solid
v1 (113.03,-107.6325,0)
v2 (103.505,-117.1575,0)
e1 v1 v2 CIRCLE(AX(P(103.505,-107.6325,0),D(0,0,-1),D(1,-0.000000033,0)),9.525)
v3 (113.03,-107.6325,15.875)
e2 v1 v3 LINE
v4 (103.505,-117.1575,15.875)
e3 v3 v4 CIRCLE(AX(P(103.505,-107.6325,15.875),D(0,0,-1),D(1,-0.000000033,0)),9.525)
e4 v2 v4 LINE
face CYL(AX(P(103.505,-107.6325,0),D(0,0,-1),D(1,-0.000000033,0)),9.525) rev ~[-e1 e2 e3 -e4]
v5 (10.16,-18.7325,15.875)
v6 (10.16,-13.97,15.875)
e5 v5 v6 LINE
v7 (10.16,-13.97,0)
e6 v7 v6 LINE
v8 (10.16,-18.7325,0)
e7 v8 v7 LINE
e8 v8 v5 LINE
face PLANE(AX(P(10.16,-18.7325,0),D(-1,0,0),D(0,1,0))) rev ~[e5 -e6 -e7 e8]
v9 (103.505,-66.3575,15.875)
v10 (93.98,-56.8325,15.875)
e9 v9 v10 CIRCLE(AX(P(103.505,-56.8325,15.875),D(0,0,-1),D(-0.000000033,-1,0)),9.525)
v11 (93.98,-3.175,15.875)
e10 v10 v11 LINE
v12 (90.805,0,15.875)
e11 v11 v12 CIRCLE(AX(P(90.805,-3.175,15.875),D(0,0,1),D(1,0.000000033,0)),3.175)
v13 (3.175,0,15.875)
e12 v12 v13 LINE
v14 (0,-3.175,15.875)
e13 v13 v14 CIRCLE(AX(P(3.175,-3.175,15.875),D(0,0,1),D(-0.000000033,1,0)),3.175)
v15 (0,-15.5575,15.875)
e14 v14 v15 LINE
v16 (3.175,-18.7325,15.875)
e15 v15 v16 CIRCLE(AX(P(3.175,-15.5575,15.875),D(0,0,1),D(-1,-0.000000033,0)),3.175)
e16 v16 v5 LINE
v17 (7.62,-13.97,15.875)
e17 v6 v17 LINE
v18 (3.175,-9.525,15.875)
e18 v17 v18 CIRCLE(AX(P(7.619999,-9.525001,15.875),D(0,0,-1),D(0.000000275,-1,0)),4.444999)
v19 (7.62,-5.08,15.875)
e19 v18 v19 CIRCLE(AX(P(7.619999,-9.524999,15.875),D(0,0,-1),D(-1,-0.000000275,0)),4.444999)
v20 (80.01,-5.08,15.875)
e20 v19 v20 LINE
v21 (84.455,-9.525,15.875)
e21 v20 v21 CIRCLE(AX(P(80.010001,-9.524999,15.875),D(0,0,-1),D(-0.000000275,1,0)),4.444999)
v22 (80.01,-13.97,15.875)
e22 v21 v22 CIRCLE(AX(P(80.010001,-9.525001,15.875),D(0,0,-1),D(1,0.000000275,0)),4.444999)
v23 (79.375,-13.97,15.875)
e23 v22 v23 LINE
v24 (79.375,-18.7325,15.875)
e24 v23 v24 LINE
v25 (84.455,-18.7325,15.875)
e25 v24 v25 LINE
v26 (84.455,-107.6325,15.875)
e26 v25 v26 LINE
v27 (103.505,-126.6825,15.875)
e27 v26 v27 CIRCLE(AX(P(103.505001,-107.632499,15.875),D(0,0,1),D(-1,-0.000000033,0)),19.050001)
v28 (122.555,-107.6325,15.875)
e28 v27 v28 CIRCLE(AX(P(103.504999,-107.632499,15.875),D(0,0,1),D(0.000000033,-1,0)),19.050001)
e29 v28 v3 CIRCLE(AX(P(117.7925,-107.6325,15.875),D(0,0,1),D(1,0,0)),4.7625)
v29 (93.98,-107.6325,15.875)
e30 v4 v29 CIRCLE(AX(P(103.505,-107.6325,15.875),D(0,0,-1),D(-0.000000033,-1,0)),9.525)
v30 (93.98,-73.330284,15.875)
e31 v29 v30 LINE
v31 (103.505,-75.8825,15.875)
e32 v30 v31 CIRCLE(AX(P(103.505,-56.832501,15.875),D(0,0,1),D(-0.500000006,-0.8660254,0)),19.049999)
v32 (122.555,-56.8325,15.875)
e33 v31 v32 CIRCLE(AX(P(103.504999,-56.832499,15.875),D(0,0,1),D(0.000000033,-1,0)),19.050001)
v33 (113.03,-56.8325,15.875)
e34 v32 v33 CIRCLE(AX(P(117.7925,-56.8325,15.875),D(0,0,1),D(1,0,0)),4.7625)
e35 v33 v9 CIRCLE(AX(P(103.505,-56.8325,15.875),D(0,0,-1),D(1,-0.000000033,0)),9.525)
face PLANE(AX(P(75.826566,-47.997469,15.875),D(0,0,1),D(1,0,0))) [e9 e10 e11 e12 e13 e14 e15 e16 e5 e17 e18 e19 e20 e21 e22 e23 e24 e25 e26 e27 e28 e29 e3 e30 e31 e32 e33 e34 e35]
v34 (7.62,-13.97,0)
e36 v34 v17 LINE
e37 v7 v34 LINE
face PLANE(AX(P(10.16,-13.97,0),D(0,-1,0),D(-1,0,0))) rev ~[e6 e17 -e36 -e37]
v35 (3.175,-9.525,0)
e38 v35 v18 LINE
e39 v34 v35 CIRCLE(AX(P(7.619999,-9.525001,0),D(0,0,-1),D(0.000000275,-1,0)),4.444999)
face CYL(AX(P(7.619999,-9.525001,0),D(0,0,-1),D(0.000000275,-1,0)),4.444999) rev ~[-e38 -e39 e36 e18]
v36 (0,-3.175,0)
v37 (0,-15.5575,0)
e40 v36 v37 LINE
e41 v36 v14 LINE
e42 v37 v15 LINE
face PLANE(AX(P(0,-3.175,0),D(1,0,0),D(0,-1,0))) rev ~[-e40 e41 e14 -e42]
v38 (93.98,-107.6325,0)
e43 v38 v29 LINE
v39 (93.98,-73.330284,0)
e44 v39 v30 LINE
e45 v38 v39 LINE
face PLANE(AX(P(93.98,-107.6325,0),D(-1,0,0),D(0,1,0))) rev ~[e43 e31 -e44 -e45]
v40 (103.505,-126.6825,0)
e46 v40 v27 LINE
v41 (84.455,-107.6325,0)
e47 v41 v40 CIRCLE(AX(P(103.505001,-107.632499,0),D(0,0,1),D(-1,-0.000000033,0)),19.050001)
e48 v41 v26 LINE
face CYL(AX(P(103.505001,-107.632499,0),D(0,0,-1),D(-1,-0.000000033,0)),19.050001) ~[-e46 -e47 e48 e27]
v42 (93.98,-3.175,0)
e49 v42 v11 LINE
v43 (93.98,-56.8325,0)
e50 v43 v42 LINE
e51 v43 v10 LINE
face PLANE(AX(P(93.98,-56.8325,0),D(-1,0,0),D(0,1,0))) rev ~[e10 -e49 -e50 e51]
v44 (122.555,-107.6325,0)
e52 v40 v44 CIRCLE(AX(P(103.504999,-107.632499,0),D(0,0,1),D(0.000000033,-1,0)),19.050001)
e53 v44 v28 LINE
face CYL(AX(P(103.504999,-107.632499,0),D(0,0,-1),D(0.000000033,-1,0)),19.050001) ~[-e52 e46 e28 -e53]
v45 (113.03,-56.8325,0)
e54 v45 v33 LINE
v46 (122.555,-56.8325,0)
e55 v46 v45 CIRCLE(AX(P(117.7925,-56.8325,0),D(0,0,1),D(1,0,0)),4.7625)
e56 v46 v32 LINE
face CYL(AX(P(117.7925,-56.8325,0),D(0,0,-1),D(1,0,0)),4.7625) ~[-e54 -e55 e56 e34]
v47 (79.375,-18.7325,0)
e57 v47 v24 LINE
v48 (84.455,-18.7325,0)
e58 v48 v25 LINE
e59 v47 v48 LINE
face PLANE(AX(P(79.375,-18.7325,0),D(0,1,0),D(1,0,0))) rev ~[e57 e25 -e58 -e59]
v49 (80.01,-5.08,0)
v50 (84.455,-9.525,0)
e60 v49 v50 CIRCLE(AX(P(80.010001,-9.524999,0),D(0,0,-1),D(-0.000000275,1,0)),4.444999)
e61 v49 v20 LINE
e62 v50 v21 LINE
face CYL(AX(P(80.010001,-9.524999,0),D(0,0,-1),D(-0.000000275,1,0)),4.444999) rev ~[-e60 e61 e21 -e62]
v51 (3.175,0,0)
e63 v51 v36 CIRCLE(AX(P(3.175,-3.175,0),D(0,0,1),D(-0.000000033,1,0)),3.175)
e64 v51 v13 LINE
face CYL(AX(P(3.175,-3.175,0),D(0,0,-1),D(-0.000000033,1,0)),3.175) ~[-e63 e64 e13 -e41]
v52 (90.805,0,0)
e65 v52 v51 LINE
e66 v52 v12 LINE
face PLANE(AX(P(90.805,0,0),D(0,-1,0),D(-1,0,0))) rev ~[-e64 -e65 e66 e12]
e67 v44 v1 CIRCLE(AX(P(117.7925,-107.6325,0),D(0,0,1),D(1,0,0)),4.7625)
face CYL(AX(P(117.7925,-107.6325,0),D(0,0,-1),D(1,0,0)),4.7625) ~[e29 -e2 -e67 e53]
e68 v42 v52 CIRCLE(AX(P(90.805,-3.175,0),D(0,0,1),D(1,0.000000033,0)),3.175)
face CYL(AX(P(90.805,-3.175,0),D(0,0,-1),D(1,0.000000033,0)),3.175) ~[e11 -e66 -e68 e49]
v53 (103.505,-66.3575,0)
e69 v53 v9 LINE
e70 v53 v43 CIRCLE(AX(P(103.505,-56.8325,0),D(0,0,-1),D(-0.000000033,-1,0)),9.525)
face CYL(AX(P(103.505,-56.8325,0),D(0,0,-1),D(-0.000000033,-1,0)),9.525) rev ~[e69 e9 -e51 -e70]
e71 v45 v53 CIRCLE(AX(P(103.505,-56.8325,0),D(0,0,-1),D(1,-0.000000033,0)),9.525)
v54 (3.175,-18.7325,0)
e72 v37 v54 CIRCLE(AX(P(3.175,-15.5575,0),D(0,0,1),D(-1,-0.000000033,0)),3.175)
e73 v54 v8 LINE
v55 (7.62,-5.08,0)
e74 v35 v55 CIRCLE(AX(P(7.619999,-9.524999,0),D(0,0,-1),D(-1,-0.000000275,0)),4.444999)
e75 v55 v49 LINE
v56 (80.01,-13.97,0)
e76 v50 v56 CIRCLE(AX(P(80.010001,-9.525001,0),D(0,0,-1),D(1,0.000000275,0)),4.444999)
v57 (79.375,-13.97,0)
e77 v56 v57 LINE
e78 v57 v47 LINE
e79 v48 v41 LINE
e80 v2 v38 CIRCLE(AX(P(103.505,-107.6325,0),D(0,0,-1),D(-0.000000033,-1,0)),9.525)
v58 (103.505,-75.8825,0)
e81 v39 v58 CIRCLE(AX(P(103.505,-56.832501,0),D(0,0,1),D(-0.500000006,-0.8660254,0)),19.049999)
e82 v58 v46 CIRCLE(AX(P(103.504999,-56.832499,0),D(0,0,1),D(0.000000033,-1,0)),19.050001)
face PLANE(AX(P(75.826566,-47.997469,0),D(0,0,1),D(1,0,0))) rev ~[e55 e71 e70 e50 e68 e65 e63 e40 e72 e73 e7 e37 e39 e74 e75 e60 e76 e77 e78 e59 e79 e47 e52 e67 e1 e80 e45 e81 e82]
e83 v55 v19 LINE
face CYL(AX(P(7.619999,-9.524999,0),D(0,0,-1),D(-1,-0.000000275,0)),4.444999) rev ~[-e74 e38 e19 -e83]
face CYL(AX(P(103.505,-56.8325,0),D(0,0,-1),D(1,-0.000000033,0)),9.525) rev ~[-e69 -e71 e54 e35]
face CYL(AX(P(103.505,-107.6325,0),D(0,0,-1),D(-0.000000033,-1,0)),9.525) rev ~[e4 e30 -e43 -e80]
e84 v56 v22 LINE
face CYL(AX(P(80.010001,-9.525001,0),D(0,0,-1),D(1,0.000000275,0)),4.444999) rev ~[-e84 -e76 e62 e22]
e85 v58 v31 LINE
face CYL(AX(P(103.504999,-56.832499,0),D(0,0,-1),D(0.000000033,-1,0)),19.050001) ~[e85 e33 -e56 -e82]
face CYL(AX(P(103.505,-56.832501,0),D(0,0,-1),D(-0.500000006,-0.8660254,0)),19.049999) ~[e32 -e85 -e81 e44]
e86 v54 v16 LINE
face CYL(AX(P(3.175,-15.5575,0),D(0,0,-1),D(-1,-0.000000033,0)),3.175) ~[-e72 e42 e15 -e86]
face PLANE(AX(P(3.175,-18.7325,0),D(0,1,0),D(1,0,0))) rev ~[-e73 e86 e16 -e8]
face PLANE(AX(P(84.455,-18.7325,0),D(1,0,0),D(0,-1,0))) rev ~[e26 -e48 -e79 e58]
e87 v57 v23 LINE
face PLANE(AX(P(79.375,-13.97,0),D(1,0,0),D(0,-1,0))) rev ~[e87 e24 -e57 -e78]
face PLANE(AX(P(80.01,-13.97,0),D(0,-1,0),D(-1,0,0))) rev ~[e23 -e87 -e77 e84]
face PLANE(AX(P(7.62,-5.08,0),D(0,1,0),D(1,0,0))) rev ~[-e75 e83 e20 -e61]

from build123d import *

# Parameters (mm, degrees)
F1_DEPTH = 15.875


with BuildPart() as f1:
    # F0 (on Top) → F1 (new body)
    with BuildSketch(Plane.XY):
        with BuildLine():
            Line((90.805, 0), (3.175, 0))
            ThreePointArc((3.175, 0), (0.929936, -0.929936), (0, -3.175))
            Line((0, -3.175), (0, -15.5575))
            ThreePointArc((0, -15.5575), (0.929936, -17.802564), (3.175, -18.7325))
            Line((3.175, -18.7325), (10.16, -18.7325))
            Line((10.16, -18.7325), (10.16, -13.97))
            Line((10.16, -13.97), (7.62, -13.97))
            ThreePointArc((7.62, -13.97), (4.47691, -12.66809), (3.175, -9.525))
            ThreePointArc((3.175, -9.525), (4.47691, -6.38191), (7.62, -5.08))
            Line((7.62, -5.08), (80.01, -5.08))
            ThreePointArc((80.01, -5.08), (83.15309, -6.38191), (84.455, -9.525))
            ThreePointArc((84.455, -9.525), (83.15309, -12.66809), (80.01, -13.97))
            Line((80.01, -13.97), (79.375, -13.97))
            Line((79.375, -13.97), (79.375, -18.7325))
            Line((79.375, -18.7325), (84.455, -18.7325))
            Line((84.455, -18.7325), (84.455, -56.8325))
            Line((84.455, -56.8325), (84.455, -107.6325))
            ThreePointArc((84.455, -107.6325), (90.034616, -121.102884), (103.505, -126.6825))
            ThreePointArc((103.505, -126.6825), (116.975384, -121.102884), (122.555, -107.6325))
            ThreePointArc((122.555, -107.6325), (117.7925, -102.87), (113.03, -107.6325))
            ThreePointArc((113.03, -107.6325), (110.240192, -114.367692), (103.505, -117.1575))
            ThreePointArc((103.505, -117.1575), (96.769808, -114.367692), (93.98, -107.6325))
            Line((93.98, -107.6325), (93.98, -73.330284))
            ThreePointArc((93.98, -73.330284), (98.574497, -75.233387), (103.505, -75.8825))
            ThreePointArc((103.505, -75.8825), (116.975384, -70.302884), (122.555, -56.8325))
            ThreePointArc((122.555, -56.8325), (117.7925, -52.07), (113.03, -56.8325))
            ThreePointArc((113.03, -56.8325), (110.240192, -63.567692), (103.505, -66.3575))
            ThreePointArc((103.505, -66.3575), (96.769808, -63.567692), (93.98, -56.8325))
            Line((93.98, -56.8325), (93.98, -3.175))
            ThreePointArc((93.98, -3.175), (93.050064, -0.929936), (90.805, 0))
        make_face()
    extrude(amount=F1_DEPTH)


solid = f1.part
